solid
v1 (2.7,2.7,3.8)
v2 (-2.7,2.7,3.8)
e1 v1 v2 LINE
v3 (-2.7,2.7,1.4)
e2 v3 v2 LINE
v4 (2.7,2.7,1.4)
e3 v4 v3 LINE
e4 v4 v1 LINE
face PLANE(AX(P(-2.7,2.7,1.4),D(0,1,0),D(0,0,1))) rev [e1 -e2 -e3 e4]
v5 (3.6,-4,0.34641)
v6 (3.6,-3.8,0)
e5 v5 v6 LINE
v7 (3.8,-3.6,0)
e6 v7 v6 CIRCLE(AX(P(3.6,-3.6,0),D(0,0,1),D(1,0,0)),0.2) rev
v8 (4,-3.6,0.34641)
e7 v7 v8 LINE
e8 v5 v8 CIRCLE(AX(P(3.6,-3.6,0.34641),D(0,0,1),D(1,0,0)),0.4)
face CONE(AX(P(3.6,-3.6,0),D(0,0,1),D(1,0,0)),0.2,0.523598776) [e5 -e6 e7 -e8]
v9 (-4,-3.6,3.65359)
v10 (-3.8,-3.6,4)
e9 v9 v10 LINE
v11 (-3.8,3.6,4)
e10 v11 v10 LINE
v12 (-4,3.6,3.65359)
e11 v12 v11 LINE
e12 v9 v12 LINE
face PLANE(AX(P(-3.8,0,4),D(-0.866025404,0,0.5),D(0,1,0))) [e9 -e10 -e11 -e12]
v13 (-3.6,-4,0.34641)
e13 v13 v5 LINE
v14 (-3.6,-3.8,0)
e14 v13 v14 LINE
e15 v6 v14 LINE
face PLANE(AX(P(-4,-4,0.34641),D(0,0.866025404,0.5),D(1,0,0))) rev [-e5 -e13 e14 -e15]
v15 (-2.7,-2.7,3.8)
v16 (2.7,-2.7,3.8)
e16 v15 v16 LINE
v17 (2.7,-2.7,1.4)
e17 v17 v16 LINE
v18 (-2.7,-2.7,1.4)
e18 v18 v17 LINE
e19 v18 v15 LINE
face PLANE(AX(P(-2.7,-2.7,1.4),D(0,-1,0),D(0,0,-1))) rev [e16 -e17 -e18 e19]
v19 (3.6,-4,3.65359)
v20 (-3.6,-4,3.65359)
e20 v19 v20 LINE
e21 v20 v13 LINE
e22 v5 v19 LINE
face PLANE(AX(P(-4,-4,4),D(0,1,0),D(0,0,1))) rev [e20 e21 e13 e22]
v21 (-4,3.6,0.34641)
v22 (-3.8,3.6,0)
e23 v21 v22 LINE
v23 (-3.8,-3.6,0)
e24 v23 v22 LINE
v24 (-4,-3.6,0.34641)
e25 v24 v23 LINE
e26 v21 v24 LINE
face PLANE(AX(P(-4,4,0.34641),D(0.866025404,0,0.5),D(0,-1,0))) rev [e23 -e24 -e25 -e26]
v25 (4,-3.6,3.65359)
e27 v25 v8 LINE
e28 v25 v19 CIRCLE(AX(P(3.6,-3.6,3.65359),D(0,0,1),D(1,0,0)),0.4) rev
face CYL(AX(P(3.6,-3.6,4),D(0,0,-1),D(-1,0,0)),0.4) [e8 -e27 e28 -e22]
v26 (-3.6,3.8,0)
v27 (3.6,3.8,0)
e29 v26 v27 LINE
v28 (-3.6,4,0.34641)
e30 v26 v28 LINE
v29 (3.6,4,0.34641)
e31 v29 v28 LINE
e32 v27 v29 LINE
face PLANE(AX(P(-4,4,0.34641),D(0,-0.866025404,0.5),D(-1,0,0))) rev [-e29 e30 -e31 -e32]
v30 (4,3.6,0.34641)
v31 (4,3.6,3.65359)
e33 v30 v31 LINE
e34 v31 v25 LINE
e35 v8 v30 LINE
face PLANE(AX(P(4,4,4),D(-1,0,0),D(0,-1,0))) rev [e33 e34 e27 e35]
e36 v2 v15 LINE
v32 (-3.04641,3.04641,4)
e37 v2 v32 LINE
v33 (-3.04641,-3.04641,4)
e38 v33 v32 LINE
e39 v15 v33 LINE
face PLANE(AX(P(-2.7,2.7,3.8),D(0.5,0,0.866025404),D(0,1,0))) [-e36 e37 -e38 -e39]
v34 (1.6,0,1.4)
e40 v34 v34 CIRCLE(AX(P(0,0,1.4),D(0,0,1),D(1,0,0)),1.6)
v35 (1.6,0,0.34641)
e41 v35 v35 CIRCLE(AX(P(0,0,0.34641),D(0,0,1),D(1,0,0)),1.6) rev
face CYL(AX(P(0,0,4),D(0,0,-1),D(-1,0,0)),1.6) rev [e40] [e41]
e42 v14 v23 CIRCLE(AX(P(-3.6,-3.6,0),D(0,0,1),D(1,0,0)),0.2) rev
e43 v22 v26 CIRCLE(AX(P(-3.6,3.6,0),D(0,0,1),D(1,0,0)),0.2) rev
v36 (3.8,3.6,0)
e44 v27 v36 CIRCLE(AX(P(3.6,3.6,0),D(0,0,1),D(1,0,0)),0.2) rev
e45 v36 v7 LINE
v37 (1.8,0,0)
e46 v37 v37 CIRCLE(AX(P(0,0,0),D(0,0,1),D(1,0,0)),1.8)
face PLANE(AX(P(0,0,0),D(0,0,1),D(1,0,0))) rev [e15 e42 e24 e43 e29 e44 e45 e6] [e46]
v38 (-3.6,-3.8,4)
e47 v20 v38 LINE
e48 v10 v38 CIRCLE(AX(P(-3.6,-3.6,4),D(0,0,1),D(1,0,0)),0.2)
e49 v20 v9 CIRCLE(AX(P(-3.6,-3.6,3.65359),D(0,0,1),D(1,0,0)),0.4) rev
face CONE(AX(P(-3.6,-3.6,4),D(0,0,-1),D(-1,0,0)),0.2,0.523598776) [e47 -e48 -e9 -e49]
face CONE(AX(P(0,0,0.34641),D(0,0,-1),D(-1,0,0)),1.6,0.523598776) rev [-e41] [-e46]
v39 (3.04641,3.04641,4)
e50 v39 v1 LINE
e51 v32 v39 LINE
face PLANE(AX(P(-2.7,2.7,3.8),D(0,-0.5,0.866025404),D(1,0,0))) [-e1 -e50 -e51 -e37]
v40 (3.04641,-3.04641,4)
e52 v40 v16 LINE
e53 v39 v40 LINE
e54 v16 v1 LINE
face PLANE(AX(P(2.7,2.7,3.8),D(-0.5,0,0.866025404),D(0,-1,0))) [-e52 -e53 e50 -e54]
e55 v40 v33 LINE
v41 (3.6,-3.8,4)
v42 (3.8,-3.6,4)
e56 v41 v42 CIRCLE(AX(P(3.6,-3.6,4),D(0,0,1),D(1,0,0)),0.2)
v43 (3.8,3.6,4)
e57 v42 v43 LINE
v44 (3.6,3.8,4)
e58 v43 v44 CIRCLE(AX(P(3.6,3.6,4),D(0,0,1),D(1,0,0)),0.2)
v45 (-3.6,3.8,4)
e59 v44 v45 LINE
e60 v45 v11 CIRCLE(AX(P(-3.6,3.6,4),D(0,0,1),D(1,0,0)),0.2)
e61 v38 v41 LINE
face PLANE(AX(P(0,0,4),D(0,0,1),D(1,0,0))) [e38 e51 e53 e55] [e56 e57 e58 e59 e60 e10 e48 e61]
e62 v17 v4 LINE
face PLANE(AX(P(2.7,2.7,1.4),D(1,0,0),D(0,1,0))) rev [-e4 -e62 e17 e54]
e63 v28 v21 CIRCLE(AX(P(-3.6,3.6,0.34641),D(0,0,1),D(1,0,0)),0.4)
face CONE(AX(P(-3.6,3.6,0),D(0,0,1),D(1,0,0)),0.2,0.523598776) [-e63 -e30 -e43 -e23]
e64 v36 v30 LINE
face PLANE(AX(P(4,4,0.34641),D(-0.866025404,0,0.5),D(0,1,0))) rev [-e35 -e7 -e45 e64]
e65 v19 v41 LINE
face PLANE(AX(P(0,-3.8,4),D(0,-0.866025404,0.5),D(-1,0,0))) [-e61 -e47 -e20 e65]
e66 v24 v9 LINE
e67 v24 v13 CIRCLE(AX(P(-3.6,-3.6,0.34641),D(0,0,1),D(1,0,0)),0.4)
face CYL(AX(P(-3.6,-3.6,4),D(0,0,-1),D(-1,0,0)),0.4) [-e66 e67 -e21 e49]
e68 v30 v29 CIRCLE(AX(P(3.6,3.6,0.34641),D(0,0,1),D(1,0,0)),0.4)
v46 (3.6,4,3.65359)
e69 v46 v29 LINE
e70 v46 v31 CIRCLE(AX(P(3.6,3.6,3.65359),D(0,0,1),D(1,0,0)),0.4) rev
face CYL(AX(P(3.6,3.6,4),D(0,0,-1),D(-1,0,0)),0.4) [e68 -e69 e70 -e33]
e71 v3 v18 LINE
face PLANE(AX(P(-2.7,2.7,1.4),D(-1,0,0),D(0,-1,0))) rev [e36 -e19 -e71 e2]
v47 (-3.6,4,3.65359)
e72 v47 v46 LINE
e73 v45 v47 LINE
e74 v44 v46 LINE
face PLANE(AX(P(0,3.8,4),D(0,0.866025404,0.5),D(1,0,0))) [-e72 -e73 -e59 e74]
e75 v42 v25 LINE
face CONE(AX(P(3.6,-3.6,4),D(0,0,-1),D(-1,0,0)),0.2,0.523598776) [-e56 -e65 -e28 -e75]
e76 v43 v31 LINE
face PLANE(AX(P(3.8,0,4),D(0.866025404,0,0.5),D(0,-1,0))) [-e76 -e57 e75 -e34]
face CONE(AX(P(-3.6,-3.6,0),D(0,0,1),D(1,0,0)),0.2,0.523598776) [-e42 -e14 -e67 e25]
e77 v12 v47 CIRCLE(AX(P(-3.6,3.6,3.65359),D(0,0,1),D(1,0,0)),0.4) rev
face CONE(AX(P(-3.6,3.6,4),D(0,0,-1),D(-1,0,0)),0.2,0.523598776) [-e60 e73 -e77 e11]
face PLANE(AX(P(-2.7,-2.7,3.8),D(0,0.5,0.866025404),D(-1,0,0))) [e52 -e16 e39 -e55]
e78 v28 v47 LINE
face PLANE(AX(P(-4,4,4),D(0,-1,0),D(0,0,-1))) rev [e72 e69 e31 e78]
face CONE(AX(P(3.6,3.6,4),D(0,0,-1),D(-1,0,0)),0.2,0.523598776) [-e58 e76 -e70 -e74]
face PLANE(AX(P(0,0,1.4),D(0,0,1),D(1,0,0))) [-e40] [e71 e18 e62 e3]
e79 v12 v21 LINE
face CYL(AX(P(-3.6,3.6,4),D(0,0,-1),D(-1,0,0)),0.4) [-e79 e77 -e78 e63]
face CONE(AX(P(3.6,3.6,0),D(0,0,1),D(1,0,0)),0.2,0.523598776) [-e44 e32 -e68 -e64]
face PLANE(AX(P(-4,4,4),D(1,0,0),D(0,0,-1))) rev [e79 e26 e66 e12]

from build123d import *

# Parameters (mm, degrees)
SKETCH1_W             = 8
SKETCH1_H             = 8
BOSS_EXTRUDE1_DEPTH   = 4
FILLET1_R             = 0.4
SKETCH3_R             = 1.6
CUT_EXTRUDE1_DEPTH    = 5
SKETCH4_W             = 5.4
SKETCH4_H             = 5.4
SKETCH4_R             = 1.6
CUT_EXTRUDE2_DEPTH    = 2.6
CHAMFER1_SIZE         = 0.2
CHAMFER1_SIZE2        = 0.346410162
CHAMFER1_PART_2_SIZE  = 0.2
CHAMFER1_PART_2_SIZE2 = 0.346410162
CHAMFER1_PART_3_SIZE  = 0.2
CHAMFER1_PART_3_SIZE2 = 0.346410162
CHAMFER1_PART_4_SIZE  = 0.2
CHAMFER1_PART_4_SIZE2 = 0.346410162
CHAMFER1_PART_5_SIZE  = 0.2
CHAMFER1_PART_5_SIZE2 = 0.346410162
CHAMFER1_PART_6_SIZE  = 0.2
CHAMFER1_PART_6_SIZE2 = 0.346410162


with BuildPart() as part:
    # Sketch1 → Boss-Extrude1 (new body)
    with BuildSketch(Plane.XY):
        Rectangle(SKETCH1_W, SKETCH1_H)
    extrude(amount=BOSS_EXTRUDE1_DEPTH)

    # Fillet1
    fillet1_edges = [part.edges().sort_by_distance(p)[0] for p in [
        (-4, 4, 2),
        (4, 4, 2),
        (4, -4, 2),
        (-4, -4, 2),
    ]]
    fillet(fillet1_edges, radius=FILLET1_R)

    # Sketch3 → Cut-Extrude1 (cut, through all)
    with BuildSketch(Plane(origin=(0, 0, 0), x_dir=(-1, 0, 0), z_dir=(0, 0, -1))):
        Circle(SKETCH3_R)
    extrude(amount=-CUT_EXTRUDE1_DEPTH, mode=Mode.SUBTRACT)

    # Sketch4 → Cut-Extrude2 (cut)
    with BuildSketch(Plane.XY.offset(4)):
        Rectangle(SKETCH4_W, SKETCH4_H)
        with Locations(Location((0, 0, 0), (0, 0, 180))):  # turned: the seam where the file's is
            Circle(SKETCH4_R, mode=Mode.SUBTRACT)
    extrude(amount=-CUT_EXTRUDE2_DEPTH, mode=Mode.SUBTRACT)

    # Chamfer1
    chamfer1_edges = [part.edges().sort_by_distance(p)[0] for p in [
        (0, -4, 0),
        (-4, 0, 0),
        (0, 4, 0),
        (4, 0, 0),
        (-3.882842712, 3.882842712, 0),
        (3.882842712, 3.882842712, 0),
        (3.882842712, -3.882842712, 0),
        (-3.882842712, -3.882842712, 0),
        (1.6, 0, 0),
    ]]
    chamfer1_side = [part.faces().sort_by_distance(p)[0] for p in [
        (0, 3.886862915, 0),
    ]]
    chamfer(chamfer1_edges, length=CHAMFER1_SIZE, length2=CHAMFER1_SIZE2, reference=chamfer1_side[0])

    # Chamfer1 part 2
    chamfer1_part_2_edges = [part.edges().sort_by_distance(p)[0] for p in [
        (0, -4, 4),
        (-4, 0, 4),
        (4, 0, 4),
        (0, 4, 4),
        (-3.882842712, 3.882842712, 4),
        (3.882842712, 3.882842712, 4),
        (3.882842712, -3.882842712, 4),
        (-3.882842712, -3.882842712, 4),
    ]]
    chamfer1_part_2_side = [part.faces().sort_by_distance(p)[0] for p in [
        (0, 3.886862915, 4),
    ]]
    chamfer(chamfer1_part_2_edges, length=CHAMFER1_PART_2_SIZE, length2=CHAMFER1_PART_2_SIZE2, reference=chamfer1_part_2_side[0])

    # Chamfer1 part 3
    chamfer1_part_3_edges = [part.edges().sort_by_distance(p)[0] for p in [
        (-2.7, 0, 4),
    ]]
    chamfer1_part_3_side = [part.faces().sort_by_distance(p)[0] for p in [
        (-2.7, 0, 2.7),
    ]]
    chamfer(chamfer1_part_3_edges, length=CHAMFER1_PART_3_SIZE, length2=CHAMFER1_PART_3_SIZE2, reference=chamfer1_part_3_side[0])

    # Chamfer1 part 4
    chamfer1_part_4_edges = [part.edges().sort_by_distance(p)[0] for p in [
        (0, -2.7, 4),
    ]]
    chamfer1_part_4_side = [part.faces().sort_by_distance(p)[0] for p in [
        (0, -2.7, 2.7),
    ]]
    chamfer(chamfer1_part_4_edges, length=CHAMFER1_PART_4_SIZE, length2=CHAMFER1_PART_4_SIZE2, reference=chamfer1_part_4_side[0])

    # Chamfer1 part 5
    chamfer1_part_5_edges = [part.edges().sort_by_distance(p)[0] for p in [
        (2.7, 0, 4),
    ]]
    chamfer1_part_5_side = [part.faces().sort_by_distance(p)[0] for p in [
        (2.7, 0, 2.7),
    ]]
    chamfer(chamfer1_part_5_edges, length=CHAMFER1_PART_5_SIZE, length2=CHAMFER1_PART_5_SIZE2, reference=chamfer1_part_5_side[0])

    # Chamfer1 part 6
    chamfer1_part_6_edges = [part.edges().sort_by_distance(p)[0] for p in [
        (0, 2.7, 4),
    ]]
    chamfer1_part_6_side = [part.faces().sort_by_distance(p)[0] for p in [
        (0, 2.7, 2.7),
    ]]
    chamfer(chamfer1_part_6_edges, length=CHAMFER1_PART_6_SIZE, length2=CHAMFER1_PART_6_SIZE2, reference=chamfer1_part_6_side[0])


solid = part.part
